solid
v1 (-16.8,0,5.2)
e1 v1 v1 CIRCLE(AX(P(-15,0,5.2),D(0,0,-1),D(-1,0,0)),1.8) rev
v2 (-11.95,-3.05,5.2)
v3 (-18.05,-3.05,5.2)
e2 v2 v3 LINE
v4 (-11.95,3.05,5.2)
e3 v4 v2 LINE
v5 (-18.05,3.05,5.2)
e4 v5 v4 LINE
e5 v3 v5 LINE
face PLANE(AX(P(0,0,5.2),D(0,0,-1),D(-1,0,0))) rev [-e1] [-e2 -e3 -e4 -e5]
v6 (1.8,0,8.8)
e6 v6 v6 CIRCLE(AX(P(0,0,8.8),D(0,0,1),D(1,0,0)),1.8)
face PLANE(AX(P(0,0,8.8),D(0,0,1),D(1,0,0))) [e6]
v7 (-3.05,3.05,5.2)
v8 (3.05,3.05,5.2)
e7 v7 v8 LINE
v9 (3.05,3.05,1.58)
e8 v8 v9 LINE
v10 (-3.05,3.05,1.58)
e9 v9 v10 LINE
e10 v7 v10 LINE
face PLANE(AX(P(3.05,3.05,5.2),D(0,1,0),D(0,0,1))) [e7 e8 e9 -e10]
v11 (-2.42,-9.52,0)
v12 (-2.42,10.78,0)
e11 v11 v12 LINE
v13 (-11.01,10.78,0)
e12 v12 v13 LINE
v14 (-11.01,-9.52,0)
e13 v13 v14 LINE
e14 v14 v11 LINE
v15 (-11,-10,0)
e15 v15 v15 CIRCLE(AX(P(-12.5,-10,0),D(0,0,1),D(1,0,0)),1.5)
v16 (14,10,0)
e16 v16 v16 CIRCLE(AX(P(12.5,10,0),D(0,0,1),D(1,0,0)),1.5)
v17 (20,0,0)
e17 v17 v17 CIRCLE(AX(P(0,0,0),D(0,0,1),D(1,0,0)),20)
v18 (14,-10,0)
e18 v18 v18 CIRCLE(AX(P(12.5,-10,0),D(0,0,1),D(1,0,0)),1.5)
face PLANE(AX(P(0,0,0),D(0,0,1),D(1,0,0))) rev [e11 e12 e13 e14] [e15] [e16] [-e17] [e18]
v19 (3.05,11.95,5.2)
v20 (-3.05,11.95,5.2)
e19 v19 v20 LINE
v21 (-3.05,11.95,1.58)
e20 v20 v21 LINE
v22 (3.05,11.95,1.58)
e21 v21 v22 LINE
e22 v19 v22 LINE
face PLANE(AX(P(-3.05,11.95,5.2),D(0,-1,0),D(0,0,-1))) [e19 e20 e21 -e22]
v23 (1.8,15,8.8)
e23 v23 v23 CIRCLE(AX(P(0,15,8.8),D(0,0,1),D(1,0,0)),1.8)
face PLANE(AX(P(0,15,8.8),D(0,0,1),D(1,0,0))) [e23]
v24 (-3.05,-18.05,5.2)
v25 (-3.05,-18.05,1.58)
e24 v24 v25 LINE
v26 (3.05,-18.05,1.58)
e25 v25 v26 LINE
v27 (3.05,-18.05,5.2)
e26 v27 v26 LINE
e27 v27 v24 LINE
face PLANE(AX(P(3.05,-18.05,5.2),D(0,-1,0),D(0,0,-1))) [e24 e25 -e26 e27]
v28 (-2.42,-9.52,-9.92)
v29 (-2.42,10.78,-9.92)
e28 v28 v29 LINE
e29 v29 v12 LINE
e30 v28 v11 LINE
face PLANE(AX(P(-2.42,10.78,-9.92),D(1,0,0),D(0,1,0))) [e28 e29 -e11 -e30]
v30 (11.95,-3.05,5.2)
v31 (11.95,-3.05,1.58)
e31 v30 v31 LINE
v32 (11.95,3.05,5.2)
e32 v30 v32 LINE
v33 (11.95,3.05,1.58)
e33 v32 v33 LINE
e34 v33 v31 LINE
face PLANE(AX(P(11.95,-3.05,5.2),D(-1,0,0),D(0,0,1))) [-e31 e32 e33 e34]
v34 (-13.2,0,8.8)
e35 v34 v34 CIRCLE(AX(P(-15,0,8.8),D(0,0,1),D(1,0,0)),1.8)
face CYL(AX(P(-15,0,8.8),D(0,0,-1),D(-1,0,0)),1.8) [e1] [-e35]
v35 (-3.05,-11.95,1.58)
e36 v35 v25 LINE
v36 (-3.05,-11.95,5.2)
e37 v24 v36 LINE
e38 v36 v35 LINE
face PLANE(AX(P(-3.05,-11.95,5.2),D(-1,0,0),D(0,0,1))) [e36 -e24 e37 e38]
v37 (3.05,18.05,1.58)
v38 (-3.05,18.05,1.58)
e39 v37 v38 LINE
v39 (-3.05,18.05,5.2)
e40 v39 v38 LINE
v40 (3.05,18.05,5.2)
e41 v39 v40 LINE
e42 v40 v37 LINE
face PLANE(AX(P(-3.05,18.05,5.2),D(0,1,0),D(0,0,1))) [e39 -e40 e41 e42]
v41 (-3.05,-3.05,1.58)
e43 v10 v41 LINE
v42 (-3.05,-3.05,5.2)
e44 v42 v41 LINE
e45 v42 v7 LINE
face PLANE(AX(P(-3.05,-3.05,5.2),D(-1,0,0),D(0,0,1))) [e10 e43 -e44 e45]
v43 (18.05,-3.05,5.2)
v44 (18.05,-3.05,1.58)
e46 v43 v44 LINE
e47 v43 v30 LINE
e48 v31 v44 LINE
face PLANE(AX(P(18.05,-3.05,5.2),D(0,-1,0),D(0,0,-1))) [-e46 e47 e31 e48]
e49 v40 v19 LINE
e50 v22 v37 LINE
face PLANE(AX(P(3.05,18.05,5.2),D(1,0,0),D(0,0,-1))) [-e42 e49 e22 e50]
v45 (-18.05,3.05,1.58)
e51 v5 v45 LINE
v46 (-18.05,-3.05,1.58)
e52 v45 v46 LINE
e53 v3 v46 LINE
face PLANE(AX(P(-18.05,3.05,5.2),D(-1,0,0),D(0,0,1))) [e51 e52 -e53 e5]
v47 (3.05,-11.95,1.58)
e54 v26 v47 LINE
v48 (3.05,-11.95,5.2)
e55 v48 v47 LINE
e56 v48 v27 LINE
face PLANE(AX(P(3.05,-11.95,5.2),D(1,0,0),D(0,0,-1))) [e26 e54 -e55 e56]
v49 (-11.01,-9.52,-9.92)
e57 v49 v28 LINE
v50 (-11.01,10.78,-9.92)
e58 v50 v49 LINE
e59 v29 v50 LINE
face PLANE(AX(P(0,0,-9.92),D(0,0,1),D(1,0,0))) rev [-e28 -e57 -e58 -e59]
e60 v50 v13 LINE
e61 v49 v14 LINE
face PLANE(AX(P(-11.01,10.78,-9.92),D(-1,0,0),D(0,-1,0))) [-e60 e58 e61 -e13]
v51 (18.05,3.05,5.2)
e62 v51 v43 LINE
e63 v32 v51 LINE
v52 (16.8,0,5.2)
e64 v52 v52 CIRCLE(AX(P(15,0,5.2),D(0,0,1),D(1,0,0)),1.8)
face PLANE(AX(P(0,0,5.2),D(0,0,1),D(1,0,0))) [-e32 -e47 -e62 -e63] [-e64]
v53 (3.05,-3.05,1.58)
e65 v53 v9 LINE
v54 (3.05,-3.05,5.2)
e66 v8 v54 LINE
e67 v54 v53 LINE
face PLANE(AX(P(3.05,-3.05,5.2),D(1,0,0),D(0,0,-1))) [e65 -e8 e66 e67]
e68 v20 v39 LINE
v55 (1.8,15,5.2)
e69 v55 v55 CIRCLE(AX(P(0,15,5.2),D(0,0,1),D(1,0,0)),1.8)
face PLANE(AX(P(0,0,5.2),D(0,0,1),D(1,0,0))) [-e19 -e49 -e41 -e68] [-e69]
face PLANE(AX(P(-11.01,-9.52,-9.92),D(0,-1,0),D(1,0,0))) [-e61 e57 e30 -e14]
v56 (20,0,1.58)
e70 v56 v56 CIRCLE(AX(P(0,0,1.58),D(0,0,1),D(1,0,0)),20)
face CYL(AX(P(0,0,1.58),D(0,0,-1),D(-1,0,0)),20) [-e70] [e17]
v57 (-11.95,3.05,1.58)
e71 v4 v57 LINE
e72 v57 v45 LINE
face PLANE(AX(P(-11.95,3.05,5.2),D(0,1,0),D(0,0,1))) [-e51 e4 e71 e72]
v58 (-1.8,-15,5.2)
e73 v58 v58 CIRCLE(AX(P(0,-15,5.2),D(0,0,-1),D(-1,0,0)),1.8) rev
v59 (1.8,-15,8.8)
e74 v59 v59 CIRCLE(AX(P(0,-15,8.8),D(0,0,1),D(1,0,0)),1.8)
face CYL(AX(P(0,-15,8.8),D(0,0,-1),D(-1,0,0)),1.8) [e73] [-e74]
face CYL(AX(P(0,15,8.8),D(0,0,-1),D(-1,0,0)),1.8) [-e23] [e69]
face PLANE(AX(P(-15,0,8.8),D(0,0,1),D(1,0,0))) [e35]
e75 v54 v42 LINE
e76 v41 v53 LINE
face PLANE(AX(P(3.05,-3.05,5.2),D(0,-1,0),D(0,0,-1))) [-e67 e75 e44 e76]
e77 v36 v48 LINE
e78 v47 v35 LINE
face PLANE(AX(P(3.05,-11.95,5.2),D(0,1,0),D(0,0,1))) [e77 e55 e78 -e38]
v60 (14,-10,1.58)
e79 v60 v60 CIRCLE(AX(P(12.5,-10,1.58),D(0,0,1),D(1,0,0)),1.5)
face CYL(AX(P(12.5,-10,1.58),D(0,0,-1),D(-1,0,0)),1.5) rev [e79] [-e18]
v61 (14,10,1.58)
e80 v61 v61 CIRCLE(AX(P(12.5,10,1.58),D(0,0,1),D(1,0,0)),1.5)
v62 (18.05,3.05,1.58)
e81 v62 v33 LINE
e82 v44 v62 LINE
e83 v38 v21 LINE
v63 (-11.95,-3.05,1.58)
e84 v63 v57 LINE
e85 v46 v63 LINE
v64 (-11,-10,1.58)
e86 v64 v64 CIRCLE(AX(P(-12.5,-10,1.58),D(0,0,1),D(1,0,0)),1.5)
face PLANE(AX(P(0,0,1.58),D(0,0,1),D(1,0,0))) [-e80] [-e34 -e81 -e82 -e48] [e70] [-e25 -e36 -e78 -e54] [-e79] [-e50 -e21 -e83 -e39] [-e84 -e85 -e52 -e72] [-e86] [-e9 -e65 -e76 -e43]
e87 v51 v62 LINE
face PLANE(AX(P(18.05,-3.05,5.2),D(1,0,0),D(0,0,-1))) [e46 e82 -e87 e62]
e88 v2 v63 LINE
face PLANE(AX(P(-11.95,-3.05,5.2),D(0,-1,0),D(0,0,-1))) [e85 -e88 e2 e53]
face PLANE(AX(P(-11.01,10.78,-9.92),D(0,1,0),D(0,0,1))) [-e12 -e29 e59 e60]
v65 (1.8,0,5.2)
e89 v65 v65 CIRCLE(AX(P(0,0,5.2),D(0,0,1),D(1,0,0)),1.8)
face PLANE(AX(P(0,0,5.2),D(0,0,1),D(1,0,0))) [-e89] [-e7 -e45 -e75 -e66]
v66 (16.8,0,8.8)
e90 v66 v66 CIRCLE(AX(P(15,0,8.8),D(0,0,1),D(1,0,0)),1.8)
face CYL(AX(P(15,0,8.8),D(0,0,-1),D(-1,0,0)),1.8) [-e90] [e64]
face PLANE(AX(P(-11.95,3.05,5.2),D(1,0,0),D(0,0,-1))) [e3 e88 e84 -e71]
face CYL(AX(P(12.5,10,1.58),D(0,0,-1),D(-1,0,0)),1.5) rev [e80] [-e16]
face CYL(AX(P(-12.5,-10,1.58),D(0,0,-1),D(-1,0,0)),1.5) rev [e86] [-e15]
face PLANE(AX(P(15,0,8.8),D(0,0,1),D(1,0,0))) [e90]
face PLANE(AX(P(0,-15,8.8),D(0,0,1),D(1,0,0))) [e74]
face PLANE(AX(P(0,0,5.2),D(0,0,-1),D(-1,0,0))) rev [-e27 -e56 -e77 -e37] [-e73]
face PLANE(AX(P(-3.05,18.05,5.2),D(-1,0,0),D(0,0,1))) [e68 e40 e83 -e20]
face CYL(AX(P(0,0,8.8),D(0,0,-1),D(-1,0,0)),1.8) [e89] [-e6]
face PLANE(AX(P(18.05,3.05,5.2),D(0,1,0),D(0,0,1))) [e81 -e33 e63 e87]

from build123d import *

# Parameters (mm, degrees)
ESQUISSE3_R        = 20
ESQUISSE3_R_2      = 1.5
ESQUISSE3_W        = 6.1
ESQUISSE3_H        = 6.1
BOSS_EXTRU_2_DEPTH = 1.58
ESQUISSE5_W        = 6.1
ESQUISSE5_H        = 6.1
BOSS_EXTRU_3_DEPTH = 5.2
ESQUISSE6_R        = 1.8
BOSS_EXTRU_4_DEPTH = 3.6
ESQUISSE7_W        = 8.59
ESQUISSE7_H        = 20.3
BOSS_EXTRU_5_DEPTH = 9.92


with BuildPart() as part:
    # Esquisse3 → Boss.-Extru.2 (new body)
    with BuildSketch(Plane.XY):
        Circle(ESQUISSE3_R)
        with Locations((-12.5, -10)):
            Circle(ESQUISSE3_R_2, mode=Mode.SUBTRACT)
        with Locations((12.5, -10)):
            Circle(ESQUISSE3_R_2, mode=Mode.SUBTRACT)
        with Locations((12.5, 10)):
            Circle(ESQUISSE3_R_2, mode=Mode.SUBTRACT)
        with Locations((-15, 0)):
            Rectangle(ESQUISSE3_W, ESQUISSE3_H, mode=Mode.SUBTRACT)
        with Locations((15, 0)):
            Rectangle(ESQUISSE3_W, ESQUISSE3_H, mode=Mode.SUBTRACT)
        with Locations((0, 15)):
            Rectangle(ESQUISSE3_W, ESQUISSE3_H, mode=Mode.SUBTRACT)
        with Locations((0, -15)):
            Rectangle(ESQUISSE3_W, ESQUISSE3_H, mode=Mode.SUBTRACT)
        Rectangle(ESQUISSE3_W, ESQUISSE3_H, mode=Mode.SUBTRACT)
    extrude(amount=BOSS_EXTRU_2_DEPTH)

    # Esquisse5 → Boss.-Extru.3 (add)
    with BuildSketch(Plane(origin=(0, 0, 0), x_dir=(-1, 0, 0), z_dir=(0, 0, -1))):
        with Locations((0, 15)):
            Rectangle(ESQUISSE5_W, ESQUISSE5_H)
        with Locations((-15, 0)):
            Rectangle(ESQUISSE5_W, ESQUISSE5_H)
        with Locations((15, 0)):
            Rectangle(ESQUISSE5_W, ESQUISSE5_H)
        Rectangle(ESQUISSE5_W, ESQUISSE5_H)
        with Locations((0, -15)):
            Rectangle(ESQUISSE5_W, ESQUISSE5_H)
    extrude(amount=-BOSS_EXTRU_3_DEPTH)

    # Esquisse6 → Boss.-Extru.4 (add)
    with BuildSketch(Plane.XY.offset(5.2)):
        Circle(ESQUISSE6_R)
        with Locations((0, 15)):
            Circle(ESQUISSE6_R)
        with Locations((15, 0)):
            Circle(ESQUISSE6_R)
        with Locations((0, -15)):
            Circle(ESQUISSE6_R)
        with Locations((-15, 0)):
            Circle(ESQUISSE6_R)
    extrude(amount=BOSS_EXTRU_4_DEPTH)

    # Esquisse7 → Boss.-Extru.5 (add)
    with BuildSketch(Plane.XY):
        with Locations((-6.715, 0.63)):
            Rectangle(ESQUISSE7_W, ESQUISSE7_H)
    extrude(amount=-BOSS_EXTRU_5_DEPTH)


solid = part.part
